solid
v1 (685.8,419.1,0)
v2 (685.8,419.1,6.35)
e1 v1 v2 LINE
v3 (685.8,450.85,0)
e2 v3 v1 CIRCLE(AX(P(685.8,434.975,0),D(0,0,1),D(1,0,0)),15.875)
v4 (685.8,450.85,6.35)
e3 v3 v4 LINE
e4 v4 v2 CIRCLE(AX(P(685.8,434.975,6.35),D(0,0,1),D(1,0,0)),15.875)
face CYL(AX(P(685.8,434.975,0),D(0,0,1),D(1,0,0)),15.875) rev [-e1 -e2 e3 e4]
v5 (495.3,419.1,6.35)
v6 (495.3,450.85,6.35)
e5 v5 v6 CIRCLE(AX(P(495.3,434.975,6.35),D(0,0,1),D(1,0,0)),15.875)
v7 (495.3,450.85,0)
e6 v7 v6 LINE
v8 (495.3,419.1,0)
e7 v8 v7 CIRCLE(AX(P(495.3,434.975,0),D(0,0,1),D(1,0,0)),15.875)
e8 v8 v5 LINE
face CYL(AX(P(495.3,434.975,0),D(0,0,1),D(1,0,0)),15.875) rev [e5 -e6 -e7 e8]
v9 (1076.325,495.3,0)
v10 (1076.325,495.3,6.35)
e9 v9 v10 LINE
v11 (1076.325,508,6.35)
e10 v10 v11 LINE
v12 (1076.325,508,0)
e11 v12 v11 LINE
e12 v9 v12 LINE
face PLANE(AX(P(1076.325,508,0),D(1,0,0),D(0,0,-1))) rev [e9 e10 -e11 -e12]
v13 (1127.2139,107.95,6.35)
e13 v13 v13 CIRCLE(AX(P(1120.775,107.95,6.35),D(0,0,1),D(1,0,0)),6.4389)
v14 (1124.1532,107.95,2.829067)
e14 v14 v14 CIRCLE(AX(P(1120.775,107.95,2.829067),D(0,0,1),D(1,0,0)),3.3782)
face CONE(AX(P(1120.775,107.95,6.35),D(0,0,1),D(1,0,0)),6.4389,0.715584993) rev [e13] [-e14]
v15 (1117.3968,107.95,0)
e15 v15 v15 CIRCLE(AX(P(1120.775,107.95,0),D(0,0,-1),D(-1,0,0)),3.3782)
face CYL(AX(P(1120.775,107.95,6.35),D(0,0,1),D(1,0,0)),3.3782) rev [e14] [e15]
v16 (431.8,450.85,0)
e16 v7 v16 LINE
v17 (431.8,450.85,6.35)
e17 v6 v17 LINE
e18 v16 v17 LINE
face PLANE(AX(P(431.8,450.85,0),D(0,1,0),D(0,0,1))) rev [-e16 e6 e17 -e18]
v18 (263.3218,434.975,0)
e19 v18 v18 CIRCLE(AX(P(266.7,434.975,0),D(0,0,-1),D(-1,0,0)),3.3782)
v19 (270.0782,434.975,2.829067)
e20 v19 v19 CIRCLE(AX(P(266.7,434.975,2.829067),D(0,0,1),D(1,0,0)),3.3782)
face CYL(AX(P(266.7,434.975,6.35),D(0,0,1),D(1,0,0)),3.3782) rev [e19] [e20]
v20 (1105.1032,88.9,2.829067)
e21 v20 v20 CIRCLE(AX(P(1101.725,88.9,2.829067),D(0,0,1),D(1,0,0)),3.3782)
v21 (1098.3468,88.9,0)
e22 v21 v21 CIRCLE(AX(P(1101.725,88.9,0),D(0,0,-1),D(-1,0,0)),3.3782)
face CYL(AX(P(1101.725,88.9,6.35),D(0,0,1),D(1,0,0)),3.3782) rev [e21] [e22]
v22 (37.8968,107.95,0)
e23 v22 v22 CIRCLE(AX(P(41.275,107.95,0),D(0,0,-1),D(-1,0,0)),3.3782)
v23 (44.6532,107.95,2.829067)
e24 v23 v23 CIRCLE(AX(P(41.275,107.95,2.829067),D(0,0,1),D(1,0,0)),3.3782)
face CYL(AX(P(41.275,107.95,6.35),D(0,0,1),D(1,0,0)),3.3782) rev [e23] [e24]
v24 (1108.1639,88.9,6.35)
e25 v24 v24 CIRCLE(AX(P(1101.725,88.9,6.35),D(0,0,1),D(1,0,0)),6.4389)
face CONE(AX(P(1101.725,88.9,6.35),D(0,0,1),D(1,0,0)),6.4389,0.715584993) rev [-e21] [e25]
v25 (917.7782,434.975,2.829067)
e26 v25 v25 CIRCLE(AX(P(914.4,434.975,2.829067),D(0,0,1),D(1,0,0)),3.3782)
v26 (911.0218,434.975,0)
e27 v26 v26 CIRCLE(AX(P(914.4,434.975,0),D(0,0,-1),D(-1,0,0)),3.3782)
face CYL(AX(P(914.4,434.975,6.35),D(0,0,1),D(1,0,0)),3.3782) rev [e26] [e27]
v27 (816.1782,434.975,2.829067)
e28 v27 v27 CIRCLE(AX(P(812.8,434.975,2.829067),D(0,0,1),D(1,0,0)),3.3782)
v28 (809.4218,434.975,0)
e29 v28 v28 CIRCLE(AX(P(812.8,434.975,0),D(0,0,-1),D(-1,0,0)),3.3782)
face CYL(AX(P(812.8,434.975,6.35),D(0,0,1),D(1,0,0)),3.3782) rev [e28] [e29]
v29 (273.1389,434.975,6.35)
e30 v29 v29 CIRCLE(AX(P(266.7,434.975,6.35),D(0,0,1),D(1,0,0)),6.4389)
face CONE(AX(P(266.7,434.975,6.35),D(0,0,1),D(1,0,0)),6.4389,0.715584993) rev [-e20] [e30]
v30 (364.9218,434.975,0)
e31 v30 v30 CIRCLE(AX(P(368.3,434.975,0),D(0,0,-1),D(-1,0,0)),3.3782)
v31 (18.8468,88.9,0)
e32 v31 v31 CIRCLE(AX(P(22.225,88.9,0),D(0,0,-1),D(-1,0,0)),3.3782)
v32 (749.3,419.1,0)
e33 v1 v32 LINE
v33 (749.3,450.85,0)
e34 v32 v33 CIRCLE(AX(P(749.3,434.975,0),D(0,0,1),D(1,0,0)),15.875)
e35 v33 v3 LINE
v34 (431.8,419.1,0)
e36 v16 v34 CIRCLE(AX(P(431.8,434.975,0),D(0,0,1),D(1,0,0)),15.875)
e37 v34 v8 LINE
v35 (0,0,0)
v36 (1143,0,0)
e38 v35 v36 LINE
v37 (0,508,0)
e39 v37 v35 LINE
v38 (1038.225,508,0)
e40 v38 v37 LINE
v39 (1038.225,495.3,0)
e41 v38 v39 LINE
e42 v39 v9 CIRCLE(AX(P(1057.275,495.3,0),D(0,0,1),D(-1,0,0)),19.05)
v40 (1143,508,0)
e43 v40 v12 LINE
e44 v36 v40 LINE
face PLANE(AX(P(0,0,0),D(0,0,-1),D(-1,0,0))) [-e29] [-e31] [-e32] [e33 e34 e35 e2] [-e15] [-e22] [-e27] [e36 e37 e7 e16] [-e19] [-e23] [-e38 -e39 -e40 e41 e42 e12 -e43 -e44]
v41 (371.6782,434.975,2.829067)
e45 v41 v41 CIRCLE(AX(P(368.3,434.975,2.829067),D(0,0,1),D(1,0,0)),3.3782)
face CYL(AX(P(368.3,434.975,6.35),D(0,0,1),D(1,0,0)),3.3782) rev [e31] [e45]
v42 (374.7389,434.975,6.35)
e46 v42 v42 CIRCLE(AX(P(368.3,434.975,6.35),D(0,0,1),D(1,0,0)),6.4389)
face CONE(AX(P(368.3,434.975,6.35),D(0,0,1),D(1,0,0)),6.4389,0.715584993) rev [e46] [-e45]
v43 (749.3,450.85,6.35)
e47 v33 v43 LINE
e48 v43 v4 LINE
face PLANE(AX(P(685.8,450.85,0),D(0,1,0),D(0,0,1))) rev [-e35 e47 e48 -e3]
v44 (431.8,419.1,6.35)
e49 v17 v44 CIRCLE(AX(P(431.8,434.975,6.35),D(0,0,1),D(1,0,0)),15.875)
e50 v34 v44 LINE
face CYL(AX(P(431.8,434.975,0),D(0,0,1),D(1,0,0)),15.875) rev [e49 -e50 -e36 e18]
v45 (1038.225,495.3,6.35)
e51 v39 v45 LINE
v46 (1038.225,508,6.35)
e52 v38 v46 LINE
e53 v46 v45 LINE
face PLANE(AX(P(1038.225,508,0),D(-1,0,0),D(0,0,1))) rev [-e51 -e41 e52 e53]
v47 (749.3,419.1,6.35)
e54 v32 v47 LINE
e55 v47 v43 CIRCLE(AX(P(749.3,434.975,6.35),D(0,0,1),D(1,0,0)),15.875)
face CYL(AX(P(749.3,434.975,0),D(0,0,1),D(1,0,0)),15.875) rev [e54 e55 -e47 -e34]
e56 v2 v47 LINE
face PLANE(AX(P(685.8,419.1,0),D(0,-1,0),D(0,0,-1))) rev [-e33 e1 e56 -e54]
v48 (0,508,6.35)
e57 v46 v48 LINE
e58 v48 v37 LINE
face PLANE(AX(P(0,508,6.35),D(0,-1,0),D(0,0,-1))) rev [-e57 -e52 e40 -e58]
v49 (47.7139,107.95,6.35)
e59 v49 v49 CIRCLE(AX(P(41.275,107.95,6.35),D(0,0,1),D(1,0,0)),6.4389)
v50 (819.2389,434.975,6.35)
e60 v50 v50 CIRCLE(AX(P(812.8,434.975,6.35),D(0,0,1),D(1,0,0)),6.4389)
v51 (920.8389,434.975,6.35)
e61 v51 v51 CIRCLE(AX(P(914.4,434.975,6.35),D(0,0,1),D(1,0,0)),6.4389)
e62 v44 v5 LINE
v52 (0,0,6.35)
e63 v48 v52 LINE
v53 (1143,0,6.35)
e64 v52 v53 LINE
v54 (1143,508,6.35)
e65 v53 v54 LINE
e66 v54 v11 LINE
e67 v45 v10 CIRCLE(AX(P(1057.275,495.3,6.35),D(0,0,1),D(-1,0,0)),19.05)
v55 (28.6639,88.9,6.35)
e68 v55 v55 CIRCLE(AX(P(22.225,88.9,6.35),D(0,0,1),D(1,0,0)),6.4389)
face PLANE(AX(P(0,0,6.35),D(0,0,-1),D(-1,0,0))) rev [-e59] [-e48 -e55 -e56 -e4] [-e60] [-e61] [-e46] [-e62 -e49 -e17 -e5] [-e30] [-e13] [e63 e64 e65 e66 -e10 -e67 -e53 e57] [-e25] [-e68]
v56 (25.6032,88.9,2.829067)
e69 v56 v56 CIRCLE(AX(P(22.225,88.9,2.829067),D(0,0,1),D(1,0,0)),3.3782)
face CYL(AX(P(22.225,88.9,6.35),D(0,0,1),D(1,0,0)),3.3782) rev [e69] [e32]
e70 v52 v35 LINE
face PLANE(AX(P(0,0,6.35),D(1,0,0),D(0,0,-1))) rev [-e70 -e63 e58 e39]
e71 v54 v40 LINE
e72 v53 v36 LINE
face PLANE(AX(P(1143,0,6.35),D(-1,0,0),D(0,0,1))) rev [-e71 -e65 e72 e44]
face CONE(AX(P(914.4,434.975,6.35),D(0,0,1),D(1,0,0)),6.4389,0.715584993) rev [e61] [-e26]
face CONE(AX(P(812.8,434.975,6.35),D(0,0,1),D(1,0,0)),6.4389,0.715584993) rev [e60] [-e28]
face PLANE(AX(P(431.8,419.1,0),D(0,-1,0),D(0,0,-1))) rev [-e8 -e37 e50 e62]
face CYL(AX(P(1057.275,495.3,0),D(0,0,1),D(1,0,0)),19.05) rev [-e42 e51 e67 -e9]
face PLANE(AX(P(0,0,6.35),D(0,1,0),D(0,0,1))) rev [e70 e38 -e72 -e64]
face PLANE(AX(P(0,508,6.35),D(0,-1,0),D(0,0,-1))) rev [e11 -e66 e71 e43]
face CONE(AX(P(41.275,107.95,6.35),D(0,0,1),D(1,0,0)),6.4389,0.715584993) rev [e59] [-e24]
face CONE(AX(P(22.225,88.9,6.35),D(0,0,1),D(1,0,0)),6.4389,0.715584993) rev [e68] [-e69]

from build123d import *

# Parameters (mm, degrees)
SKETCH1_W                                     = 1143
SKETCH1_H                                     = 508
BOSS_EXTRUDE1_DEPTH                           = 6.35
CUT_EXTRUDE1_DEPTH                            = 7.35
CSK_FOR_1_4_FLAT_HEAD_MACHINE_SCREW1_AT_COUNT = 2
CSK_FOR_1_4_FLAT_HEAD_MACHINE_SCREW1_AT_PITCH = 101.6
CSK_FOR_1_4_FLAT_HEAD_MACHINE_SCREW1_2_COUNT  = 2
CSK_FOR_1_4_FLAT_HEAD_MACHINE_SCREW1_2_PITCH  = 546.1
CSK_FOR_1_4_FLAT_HEAD_MACHINE_SCREW1_3_COUNT  = 2
CSK_FOR_1_4_FLAT_HEAD_MACHINE_SCREW1_3_PITCH  = 647.7
CSK_FOR_1_4_FLAT_HEAD_MACHINE_SCREW1_4_COUNT  = 2
CSK_FOR_1_4_FLAT_HEAD_MACHINE_SCREW1_4_PITCH  = 386.698837922
CSK_FOR_1_4_FLAT_HEAD_MACHINE_SCREW1_5_COUNT  = 2
CSK_FOR_1_4_FLAT_HEAD_MACHINE_SCREW1_5_PITCH  = 393.520725312
CSK_FOR_1_4_FLAT_HEAD_MACHINE_SCREW1_6_COUNT  = 2
CSK_FOR_1_4_FLAT_HEAD_MACHINE_SCREW1_6_PITCH  = 932.358630705
CSK_FOR_1_4_FLAT_HEAD_MACHINE_SCREW1_7_COUNT  = 2
CSK_FOR_1_4_FLAT_HEAD_MACHINE_SCREW1_7_PITCH  = 956.945210683
CUT_EXTRUDE2_DEPTH                            = 7.35


with BuildPart() as part:
    # Sketch1 → Boss-Extrude1 (new body)
    with BuildSketch(Plane.XY):
        with Locations((571.5, 254)):
            Rectangle(SKETCH1_W, SKETCH1_H)
    extrude(amount=BOSS_EXTRUDE1_DEPTH)

    # Sketch2 → Cut-Extrude1 (cut, through all)
    with BuildSketch(Plane.XY.offset(6.35)):
        with BuildLine():
            Line((431.8, 450.85), (495.3, 450.85))
            ThreePointArc((495.3, 450.85), (511.175, 434.975), (495.3, 419.1))
            Line((495.3, 419.1), (431.8, 419.1))
            ThreePointArc((431.8, 419.1), (415.925, 434.975), (431.8, 450.85))
        make_face()
        with BuildLine():
            Line((685.8, 450.85), (749.3, 450.85))
            ThreePointArc((749.3, 450.85), (765.175, 434.975), (749.3, 419.1))
            Line((749.3, 419.1), (685.8, 419.1))
            ThreePointArc((685.8, 419.1), (669.925, 434.975), (685.8, 450.85))
        make_face()
    extrude(amount=-CUT_EXTRUDE1_DEPTH, mode=Mode.SUBTRACT)

    # Sketch5 → CSK for 1/4 Flat Head Machine Screw1 (revolve, cut)
    with BuildSketch(Plane(origin=(914.4, 434.975, 6.35), x_dir=(0, -1, 0), z_dir=(1, 0, 0))):
        Polygon((0, 0), (0, 6.35), (3.3782, 6.35), (3.3782, 3.520932584), (6.4389, 0), align=None)
    csk_for_1_4_flat_head_machine_screw1 = revolve(axis=Axis((914.4, 434.975, 12.7), (0, 0, -1)), mode=Mode.SUBTRACT)

    # CSK for 1/4 Flat Head Machine Screw1 at: CSK for 1/4 Flat Head Machine Screw1 ×2
    with Locations(*[(-i * CSK_FOR_1_4_FLAT_HEAD_MACHINE_SCREW1_AT_PITCH, 0, 0) for i in range(1, CSK_FOR_1_4_FLAT_HEAD_MACHINE_SCREW1_AT_COUNT)]):
        add(csk_for_1_4_flat_head_machine_screw1, mode=Mode.SUBTRACT)

    # CSK for 1_4 Flat Head Machine Screw1 2: CSK for 1/4 Flat Head Machine Screw1 ×2
    with Locations(*[(-i * CSK_FOR_1_4_FLAT_HEAD_MACHINE_SCREW1_2_PITCH, 0, 0) for i in range(1, CSK_FOR_1_4_FLAT_HEAD_MACHINE_SCREW1_2_COUNT)]):
        add(csk_for_1_4_flat_head_machine_screw1, mode=Mode.SUBTRACT)

    # CSK for 1_4 Flat Head Machine Screw1 3: CSK for 1/4 Flat Head Machine Screw1 ×2
    with Locations(*[(-i * CSK_FOR_1_4_FLAT_HEAD_MACHINE_SCREW1_3_PITCH, 0, 0) for i in range(1, CSK_FOR_1_4_FLAT_HEAD_MACHINE_SCREW1_3_COUNT)]):
        add(csk_for_1_4_flat_head_machine_screw1, mode=Mode.SUBTRACT)

    # CSK for 1_4 Flat Head Machine Screw1 4: CSK for 1/4 Flat Head Machine Screw1 ×2
    with Locations(*[Vector(0.533684045, -0.845683948, 0) * (i * CSK_FOR_1_4_FLAT_HEAD_MACHINE_SCREW1_4_PITCH) for i in range(1, CSK_FOR_1_4_FLAT_HEAD_MACHINE_SCREW1_4_COUNT)]):
        add(csk_for_1_4_flat_head_machine_screw1, mode=Mode.SUBTRACT)

    # CSK for 1_4 Flat Head Machine Screw1 5: CSK for 1/4 Flat Head Machine Screw1 ×2
    with Locations(*[Vector(0.476023213, -0.879432715, 0) * (i * CSK_FOR_1_4_FLAT_HEAD_MACHINE_SCREW1_5_PITCH) for i in range(1, CSK_FOR_1_4_FLAT_HEAD_MACHINE_SCREW1_5_COUNT)]):
        add(csk_for_1_4_flat_head_machine_screw1, mode=Mode.SUBTRACT)

    # CSK for 1_4 Flat Head Machine Screw1 6: CSK for 1/4 Flat Head Machine Screw1 ×2
    with Locations(*[Vector(-0.936469049, -0.350750226, 0) * (i * CSK_FOR_1_4_FLAT_HEAD_MACHINE_SCREW1_6_PITCH) for i in range(1, CSK_FOR_1_4_FLAT_HEAD_MACHINE_SCREW1_6_COUNT)]):
        add(csk_for_1_4_flat_head_machine_screw1, mode=Mode.SUBTRACT)

    # CSK for 1_4 Flat Head Machine Screw1 7: CSK for 1/4 Flat Head Machine Screw1 ×2
    with Locations(*[Vector(-0.932315654, -0.361645574, 0) * (i * CSK_FOR_1_4_FLAT_HEAD_MACHINE_SCREW1_7_PITCH) for i in range(1, CSK_FOR_1_4_FLAT_HEAD_MACHINE_SCREW1_7_COUNT)]):
        add(csk_for_1_4_flat_head_machine_screw1, mode=Mode.SUBTRACT)

    # Sketch6 → Cut-Extrude2 (cut, through all)
    with BuildSketch(Plane.XY.offset(6.35)):
        with BuildLine():
            Line((1038.225, 508), (1076.325, 508))
            Line((1076.325, 508), (1076.325, 495.3))
            ThreePointArc((1076.325, 495.3), (1057.275, 476.25), (1038.225, 495.3))
            Line((1038.225, 495.3), (1038.225, 508))
        make_face()
    extrude(amount=-CUT_EXTRUDE2_DEPTH, mode=Mode.SUBTRACT)


solid = part.part
